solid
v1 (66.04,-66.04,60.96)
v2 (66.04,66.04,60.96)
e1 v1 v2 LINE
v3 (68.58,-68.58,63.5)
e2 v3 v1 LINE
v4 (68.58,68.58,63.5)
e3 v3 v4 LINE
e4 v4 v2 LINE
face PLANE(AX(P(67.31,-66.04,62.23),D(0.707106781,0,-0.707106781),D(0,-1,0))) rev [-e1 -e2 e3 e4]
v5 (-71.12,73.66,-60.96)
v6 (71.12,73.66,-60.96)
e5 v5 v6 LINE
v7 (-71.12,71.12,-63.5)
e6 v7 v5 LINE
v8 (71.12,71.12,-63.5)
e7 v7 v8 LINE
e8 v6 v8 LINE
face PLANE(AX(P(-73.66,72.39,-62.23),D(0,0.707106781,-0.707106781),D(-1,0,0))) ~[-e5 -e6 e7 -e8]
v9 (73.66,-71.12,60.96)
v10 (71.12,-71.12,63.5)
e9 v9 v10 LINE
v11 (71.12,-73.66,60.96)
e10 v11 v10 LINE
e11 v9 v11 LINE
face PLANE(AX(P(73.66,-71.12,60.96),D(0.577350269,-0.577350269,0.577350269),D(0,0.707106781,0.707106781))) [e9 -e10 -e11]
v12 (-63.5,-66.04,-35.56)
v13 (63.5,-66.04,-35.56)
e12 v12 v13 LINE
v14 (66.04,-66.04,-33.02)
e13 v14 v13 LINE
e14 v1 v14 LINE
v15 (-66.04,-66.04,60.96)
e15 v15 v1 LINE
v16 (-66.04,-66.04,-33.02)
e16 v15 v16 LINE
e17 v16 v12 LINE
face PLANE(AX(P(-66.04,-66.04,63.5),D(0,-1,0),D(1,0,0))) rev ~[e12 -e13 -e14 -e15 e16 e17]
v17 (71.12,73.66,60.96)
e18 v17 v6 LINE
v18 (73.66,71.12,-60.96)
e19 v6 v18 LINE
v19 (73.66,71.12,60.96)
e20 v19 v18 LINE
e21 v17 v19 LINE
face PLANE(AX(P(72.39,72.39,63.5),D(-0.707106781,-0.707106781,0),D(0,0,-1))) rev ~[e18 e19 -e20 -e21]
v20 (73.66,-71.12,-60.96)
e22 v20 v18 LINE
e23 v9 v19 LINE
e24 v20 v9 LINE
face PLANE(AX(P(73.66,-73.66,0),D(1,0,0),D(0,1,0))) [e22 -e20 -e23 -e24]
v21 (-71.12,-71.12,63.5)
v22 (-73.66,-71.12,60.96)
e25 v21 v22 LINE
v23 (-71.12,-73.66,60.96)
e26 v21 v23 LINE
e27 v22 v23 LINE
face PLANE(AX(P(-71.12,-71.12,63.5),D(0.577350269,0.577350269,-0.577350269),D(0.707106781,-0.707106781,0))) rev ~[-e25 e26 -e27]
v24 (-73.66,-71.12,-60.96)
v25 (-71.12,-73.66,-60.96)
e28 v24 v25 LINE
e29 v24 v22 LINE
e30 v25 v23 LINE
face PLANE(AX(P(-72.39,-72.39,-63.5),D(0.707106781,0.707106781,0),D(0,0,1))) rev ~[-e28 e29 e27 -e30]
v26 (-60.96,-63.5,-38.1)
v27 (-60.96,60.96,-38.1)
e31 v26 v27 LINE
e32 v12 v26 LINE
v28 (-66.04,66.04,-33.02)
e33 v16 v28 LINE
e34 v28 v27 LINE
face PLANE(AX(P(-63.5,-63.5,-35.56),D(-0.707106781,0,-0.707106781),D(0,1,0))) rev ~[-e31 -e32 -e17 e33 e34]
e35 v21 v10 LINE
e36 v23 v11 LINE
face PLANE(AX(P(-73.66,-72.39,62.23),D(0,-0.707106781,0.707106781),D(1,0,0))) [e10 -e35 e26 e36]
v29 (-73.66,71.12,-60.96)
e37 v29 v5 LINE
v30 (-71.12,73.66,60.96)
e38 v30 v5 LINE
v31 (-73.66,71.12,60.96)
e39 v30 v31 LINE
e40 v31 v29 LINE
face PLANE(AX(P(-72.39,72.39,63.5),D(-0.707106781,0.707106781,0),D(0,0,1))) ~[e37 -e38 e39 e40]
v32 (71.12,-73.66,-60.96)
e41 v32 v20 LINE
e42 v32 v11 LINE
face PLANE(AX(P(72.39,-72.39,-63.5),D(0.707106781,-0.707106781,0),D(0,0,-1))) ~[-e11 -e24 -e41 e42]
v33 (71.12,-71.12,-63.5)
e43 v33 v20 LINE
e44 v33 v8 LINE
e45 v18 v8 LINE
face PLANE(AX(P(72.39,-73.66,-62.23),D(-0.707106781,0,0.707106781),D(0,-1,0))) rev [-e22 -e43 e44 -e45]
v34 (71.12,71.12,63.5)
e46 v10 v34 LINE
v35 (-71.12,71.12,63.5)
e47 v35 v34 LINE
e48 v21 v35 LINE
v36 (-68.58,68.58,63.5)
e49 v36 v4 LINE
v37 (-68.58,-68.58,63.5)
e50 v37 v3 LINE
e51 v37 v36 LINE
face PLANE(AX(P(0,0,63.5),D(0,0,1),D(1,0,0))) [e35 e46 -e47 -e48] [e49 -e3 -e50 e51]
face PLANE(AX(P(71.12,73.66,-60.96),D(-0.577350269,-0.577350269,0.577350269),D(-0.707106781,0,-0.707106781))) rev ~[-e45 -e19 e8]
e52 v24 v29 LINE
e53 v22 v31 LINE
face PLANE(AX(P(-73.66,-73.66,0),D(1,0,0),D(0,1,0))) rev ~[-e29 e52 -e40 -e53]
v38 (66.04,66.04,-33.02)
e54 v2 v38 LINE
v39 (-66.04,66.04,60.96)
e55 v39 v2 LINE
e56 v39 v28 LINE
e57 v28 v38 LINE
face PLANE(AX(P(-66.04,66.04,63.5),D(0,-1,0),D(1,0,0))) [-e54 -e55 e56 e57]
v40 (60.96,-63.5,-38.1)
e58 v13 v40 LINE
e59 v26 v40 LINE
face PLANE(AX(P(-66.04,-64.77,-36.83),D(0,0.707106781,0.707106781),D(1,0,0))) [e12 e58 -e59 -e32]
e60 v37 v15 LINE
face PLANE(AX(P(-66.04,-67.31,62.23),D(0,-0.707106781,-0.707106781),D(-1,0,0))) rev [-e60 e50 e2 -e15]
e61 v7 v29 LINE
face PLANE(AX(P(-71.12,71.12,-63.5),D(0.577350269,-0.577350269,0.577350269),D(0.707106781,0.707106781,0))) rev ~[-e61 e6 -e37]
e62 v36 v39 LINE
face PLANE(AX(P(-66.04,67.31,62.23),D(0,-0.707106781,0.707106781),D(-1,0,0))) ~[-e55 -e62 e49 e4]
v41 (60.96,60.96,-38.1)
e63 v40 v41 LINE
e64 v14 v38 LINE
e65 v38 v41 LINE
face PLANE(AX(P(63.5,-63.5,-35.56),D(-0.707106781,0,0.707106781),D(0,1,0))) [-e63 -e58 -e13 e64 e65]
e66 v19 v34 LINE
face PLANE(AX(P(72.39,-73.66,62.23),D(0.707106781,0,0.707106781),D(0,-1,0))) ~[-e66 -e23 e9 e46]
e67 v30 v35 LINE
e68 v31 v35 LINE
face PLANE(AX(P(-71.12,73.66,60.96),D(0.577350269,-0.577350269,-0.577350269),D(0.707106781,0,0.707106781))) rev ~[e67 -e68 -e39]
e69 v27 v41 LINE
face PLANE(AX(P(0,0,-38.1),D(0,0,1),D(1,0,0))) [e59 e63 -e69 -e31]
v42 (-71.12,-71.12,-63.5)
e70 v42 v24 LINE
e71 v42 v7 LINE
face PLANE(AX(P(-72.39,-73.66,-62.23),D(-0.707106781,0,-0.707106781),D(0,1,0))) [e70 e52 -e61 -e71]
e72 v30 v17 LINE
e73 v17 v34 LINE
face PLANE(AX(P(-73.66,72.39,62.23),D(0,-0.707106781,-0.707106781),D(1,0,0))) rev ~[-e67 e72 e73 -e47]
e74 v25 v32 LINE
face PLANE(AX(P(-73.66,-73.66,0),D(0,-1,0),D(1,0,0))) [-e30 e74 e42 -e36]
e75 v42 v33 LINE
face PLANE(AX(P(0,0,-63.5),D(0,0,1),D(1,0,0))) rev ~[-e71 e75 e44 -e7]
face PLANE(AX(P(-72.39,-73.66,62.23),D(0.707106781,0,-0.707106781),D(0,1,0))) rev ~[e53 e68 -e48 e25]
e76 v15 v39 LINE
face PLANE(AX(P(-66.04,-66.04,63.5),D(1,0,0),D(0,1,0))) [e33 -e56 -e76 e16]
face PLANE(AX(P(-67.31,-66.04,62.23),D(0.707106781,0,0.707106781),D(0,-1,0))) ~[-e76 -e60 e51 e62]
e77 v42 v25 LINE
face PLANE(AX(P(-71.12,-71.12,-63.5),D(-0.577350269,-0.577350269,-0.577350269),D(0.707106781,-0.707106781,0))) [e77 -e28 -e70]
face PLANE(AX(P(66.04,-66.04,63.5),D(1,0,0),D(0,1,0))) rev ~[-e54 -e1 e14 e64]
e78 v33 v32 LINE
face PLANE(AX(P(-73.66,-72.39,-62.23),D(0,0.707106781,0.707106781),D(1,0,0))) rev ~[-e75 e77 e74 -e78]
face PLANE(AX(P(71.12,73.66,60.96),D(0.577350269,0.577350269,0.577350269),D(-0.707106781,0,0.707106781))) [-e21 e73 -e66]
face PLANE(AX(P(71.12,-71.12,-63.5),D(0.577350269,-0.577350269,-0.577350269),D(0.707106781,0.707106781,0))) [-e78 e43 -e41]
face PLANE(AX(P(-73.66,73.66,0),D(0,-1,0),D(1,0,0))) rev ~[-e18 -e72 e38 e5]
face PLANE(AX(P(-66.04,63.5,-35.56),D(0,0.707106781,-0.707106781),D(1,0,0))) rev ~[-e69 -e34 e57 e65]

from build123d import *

# Parameters (mm, degrees)
F0_W     = 147.32
F0_H     = 147.32
F0_W_2   = 121.92
F0_H_2   = 121.92
F1_DEPTH = 63.5
F2_W     = 132.08
F2_H     = 132.08
F3_DEPTH = 101.6
F4_SIZE  = 2.54
F5_SIZE  = 5.08


with BuildPart() as f1:
    # F0 (on Top) → F1 (new body, symmetric)
    with BuildSketch(Plane.XY):
        Rectangle(F0_W, F0_H)
        Rectangle(F0_W_2, F0_H_2, mode=Mode.SUBTRACT)
        Rectangle(F0_W_2, F0_H_2)
    extrude(amount=F1_DEPTH, both=True)

    # F2 (on face) → F3 (cut)
    with BuildSketch(Plane.XY.offset(63.5)):
        Rectangle(F2_W, F2_H)
    extrude(amount=-F3_DEPTH, mode=Mode.SUBTRACT)

    # F4
    f4_edges = [f1.edges().sort_by_distance(p)[0] for p in [
        (-73.66, -73.66, 0),
        (-73.66, 0, 63.5),
        (-73.66, 73.66, 0),
        (-73.66, 0, -63.5),
        (0, -73.66, 63.5),
        (73.66, -73.66, 0),
        (0, -73.66, -63.5),
        (66.04, 0, 63.5),
        (0, -66.04, 63.5),
        (73.66, 0, 63.5),
        (73.66, 0, -63.5),
        (73.66, 73.66, 0),
        (0, 73.66, 63.5),
        (0, 73.66, -63.5),
        (-66.04, 0, 63.5),
        (0, 66.04, 63.5),
        (0, -66.04, -38.1),
    ]]
    chamfer(f4_edges, length=F4_SIZE)

    # F5
    f5_edges = [f1.edges().sort_by_distance(p)[0] for p in [
        (66.04, 1.27, -38.1),
        (0, 66.04, -38.1),
        (-66.04, 1.27, -38.1),
    ]]
    chamfer(f5_edges, length=F5_SIZE)


solid = f1.part
